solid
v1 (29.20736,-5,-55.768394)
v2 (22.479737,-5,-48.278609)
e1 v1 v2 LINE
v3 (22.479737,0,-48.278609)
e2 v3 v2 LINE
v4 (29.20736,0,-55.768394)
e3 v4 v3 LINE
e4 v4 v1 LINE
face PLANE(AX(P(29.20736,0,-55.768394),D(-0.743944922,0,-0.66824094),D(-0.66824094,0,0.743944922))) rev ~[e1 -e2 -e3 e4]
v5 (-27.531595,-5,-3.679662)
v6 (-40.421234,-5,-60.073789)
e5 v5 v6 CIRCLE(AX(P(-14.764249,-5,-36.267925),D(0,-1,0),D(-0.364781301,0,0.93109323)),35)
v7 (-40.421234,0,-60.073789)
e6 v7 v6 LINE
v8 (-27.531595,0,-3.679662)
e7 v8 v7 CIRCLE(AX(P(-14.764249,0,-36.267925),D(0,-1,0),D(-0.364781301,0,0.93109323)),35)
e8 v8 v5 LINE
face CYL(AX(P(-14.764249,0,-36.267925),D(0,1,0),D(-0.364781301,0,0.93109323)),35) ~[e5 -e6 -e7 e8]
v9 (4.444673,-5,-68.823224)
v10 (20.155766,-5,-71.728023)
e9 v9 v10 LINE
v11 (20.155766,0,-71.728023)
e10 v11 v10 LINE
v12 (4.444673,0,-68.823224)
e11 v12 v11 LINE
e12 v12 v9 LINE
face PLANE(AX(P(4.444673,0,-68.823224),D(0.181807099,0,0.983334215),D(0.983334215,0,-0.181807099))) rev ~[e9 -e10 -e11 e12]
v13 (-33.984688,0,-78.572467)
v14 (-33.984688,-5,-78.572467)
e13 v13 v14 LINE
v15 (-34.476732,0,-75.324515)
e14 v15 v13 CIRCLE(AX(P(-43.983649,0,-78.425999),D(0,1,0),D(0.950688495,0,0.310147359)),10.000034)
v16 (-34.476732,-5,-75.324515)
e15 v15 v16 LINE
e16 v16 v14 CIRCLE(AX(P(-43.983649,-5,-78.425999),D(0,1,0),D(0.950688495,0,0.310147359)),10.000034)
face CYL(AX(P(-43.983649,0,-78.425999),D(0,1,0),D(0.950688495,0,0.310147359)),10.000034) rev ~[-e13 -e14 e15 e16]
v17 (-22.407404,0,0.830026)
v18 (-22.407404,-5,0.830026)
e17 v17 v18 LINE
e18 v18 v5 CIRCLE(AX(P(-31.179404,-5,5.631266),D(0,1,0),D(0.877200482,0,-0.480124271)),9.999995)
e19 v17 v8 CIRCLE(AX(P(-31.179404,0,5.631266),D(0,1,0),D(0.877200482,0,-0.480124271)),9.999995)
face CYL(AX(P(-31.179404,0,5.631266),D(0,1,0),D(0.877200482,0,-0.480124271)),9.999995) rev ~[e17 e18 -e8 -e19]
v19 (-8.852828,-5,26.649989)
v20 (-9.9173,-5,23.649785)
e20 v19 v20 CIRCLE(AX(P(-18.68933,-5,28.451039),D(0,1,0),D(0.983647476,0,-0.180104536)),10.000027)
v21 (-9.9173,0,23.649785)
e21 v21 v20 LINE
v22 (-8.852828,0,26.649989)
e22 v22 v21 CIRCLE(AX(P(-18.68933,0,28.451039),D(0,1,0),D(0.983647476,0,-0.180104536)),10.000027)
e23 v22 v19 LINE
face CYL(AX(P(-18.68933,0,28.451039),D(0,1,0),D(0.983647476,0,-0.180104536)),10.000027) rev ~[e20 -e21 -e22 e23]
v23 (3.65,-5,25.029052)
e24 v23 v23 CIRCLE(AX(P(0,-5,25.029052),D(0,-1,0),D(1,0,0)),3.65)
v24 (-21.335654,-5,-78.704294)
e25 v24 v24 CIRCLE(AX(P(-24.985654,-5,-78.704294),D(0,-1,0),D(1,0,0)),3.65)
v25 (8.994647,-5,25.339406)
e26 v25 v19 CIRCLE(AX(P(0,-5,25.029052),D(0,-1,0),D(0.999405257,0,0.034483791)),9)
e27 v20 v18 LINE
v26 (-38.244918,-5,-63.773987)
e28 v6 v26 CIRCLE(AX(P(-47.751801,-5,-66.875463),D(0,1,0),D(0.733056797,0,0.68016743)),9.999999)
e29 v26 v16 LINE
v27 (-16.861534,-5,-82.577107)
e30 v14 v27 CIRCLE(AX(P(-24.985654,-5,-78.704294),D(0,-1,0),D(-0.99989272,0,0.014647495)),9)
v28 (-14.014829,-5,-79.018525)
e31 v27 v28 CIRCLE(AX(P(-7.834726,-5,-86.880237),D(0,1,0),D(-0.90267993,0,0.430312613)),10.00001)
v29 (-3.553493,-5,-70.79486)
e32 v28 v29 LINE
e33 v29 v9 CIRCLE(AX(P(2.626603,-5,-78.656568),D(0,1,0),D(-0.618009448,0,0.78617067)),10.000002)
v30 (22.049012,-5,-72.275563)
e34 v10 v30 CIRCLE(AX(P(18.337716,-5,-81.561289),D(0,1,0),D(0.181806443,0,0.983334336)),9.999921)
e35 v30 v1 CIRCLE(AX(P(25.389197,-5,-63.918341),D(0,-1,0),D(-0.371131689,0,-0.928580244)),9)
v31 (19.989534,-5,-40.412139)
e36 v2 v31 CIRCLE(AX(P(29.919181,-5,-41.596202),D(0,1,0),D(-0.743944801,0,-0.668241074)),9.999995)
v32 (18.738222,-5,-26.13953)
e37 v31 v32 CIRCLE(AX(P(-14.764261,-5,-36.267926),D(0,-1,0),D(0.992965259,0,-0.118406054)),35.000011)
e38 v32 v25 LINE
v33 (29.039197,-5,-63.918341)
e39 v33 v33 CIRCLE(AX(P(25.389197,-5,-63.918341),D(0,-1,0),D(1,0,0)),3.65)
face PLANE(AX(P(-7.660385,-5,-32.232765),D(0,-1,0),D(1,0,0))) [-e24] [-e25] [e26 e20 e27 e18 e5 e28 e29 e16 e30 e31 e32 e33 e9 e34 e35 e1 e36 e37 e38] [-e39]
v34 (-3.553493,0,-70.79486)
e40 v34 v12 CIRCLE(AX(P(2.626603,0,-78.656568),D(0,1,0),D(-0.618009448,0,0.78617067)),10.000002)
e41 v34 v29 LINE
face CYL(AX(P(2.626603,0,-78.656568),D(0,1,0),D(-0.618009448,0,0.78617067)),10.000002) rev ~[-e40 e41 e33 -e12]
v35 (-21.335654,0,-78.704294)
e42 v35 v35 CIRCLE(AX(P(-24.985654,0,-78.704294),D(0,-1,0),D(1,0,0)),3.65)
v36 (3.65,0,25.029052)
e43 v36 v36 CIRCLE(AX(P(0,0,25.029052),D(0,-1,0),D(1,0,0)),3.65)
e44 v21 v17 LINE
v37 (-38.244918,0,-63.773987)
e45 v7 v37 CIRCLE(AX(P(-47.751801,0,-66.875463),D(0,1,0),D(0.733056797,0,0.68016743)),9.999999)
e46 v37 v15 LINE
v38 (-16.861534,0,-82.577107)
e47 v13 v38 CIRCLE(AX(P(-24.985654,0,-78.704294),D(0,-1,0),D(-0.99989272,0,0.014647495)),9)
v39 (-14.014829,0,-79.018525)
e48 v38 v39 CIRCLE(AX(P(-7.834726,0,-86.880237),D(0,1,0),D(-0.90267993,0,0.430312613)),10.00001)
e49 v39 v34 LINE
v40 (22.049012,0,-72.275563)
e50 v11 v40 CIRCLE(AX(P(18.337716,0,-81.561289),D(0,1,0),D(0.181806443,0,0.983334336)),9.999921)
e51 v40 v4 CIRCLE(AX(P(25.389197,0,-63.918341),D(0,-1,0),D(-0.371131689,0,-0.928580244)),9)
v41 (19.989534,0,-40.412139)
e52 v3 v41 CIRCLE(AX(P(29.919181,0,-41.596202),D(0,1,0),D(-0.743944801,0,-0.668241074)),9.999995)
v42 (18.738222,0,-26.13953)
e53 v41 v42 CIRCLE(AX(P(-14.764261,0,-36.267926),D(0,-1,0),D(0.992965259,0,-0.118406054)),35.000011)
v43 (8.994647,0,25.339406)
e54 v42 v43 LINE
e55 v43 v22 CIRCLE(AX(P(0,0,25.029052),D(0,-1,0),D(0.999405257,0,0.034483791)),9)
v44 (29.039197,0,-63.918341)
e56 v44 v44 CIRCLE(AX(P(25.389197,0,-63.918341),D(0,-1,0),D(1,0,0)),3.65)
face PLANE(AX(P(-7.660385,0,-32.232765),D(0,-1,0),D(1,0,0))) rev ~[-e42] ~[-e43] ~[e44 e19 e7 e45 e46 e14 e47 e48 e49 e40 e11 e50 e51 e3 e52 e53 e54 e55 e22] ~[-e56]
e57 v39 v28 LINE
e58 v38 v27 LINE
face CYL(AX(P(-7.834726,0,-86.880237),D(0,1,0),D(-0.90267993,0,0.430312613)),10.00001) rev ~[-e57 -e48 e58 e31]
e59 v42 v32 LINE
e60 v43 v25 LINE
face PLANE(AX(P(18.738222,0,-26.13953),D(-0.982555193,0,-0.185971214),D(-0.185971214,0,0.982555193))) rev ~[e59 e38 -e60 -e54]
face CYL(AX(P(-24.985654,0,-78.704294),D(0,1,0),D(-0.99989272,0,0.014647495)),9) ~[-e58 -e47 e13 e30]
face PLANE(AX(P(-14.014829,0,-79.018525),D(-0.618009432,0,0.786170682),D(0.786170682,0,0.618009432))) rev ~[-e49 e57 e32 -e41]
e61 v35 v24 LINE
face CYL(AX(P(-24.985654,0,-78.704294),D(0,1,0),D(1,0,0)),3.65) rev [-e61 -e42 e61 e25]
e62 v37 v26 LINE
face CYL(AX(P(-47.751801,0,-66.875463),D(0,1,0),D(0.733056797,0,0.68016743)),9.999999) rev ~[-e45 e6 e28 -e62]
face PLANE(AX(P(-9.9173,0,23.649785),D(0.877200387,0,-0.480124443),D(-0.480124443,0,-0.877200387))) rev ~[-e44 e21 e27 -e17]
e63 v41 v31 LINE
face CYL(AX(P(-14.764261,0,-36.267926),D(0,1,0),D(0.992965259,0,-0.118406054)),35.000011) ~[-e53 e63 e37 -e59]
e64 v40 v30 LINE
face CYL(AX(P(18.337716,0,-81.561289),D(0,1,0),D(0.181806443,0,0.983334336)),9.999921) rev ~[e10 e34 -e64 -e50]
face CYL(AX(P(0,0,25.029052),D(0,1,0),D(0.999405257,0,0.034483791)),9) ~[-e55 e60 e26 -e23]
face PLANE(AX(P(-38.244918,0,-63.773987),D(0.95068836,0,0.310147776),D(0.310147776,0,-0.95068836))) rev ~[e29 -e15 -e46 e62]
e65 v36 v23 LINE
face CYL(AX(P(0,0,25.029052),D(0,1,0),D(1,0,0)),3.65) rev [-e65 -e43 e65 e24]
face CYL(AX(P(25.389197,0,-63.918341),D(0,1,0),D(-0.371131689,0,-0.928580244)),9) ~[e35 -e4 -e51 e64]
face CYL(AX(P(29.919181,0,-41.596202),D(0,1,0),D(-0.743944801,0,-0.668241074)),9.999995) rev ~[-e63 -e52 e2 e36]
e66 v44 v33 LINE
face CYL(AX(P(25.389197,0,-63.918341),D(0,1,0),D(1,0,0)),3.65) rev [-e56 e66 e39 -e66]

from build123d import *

# Parameters (mm, degrees)
F0_R     = 3.65
F1_DEPTH = 5


with BuildPart() as f1:
    # F0 (on Front) → F1 (new body)
    with BuildSketch(Plane.XZ):
        with BuildLine():
            Line((18.738222, -26.13953), (8.994647, 25.339406))
            ThreePointArc((8.994647, 25.339406), (0.659117, 34.004884), (-8.852828, 26.649989))
            ThreePointArc((-8.852828, 26.649989), (-9.264911, 25.107257), (-9.9173, 23.649785))
            Line((-9.9173, 23.649785), (-22.407404, 0.830026))
            ThreePointArc((-22.407404, 0.830026), (-24.572798, -1.875574), (-27.531595, -3.679662))
            ThreePointArc((-27.531595, -3.679662), (-48.884356, -28.469314), (-40.421234, -60.073789))
            ThreePointArc((-40.421234, -60.073789), (-39.132184, -61.805731), (-38.244918, -63.773987))
            Line((-38.244918, -63.773987), (-34.476732, -75.324515))
            ThreePointArc((-34.476732, -75.324515), (-34.096429, -76.928149), (-33.984688, -78.572467))
            ThreePointArc((-33.984688, -78.572467), (-27.035203, -87.467818), (-16.861534, -82.577107))
            ThreePointArc((-16.861534, -82.577107), (-15.643593, -80.633495), (-14.014829, -79.018525))
            Line((-14.014829, -79.018525), (-3.553493, -70.79486))
            ThreePointArc((-3.553493, -70.79486), (0.233142, -68.947223), (4.444673, -68.823224))
            Line((4.444673, -68.823224), (20.155766, -71.728023))
            ThreePointArc((20.155766, -71.728023), (21.115911, -71.955038), (22.049012, -72.275563))
            ThreePointArc((22.049012, -72.275563), (33.646241, -67.499015), (29.20736, -55.768394))
            Line((29.20736, -55.768394), (22.479737, -48.278609))
            ThreePointArc((22.479737, -48.278609), (20.385469, -44.614186), (19.989534, -40.412139))
            ThreePointArc((19.989534, -40.412139), (20.102008, -33.211121), (18.738222, -26.13953))
        make_face()
        with Locations((-24.985654, -78.704294)):
            Circle(F0_R, mode=Mode.SUBTRACT)
        with Locations((25.389197, -63.918341)):
            Circle(F0_R, mode=Mode.SUBTRACT)
        with Locations((0, 25.029052)):
            Circle(F0_R, mode=Mode.SUBTRACT)
    extrude(amount=F1_DEPTH)


solid = f1.part
